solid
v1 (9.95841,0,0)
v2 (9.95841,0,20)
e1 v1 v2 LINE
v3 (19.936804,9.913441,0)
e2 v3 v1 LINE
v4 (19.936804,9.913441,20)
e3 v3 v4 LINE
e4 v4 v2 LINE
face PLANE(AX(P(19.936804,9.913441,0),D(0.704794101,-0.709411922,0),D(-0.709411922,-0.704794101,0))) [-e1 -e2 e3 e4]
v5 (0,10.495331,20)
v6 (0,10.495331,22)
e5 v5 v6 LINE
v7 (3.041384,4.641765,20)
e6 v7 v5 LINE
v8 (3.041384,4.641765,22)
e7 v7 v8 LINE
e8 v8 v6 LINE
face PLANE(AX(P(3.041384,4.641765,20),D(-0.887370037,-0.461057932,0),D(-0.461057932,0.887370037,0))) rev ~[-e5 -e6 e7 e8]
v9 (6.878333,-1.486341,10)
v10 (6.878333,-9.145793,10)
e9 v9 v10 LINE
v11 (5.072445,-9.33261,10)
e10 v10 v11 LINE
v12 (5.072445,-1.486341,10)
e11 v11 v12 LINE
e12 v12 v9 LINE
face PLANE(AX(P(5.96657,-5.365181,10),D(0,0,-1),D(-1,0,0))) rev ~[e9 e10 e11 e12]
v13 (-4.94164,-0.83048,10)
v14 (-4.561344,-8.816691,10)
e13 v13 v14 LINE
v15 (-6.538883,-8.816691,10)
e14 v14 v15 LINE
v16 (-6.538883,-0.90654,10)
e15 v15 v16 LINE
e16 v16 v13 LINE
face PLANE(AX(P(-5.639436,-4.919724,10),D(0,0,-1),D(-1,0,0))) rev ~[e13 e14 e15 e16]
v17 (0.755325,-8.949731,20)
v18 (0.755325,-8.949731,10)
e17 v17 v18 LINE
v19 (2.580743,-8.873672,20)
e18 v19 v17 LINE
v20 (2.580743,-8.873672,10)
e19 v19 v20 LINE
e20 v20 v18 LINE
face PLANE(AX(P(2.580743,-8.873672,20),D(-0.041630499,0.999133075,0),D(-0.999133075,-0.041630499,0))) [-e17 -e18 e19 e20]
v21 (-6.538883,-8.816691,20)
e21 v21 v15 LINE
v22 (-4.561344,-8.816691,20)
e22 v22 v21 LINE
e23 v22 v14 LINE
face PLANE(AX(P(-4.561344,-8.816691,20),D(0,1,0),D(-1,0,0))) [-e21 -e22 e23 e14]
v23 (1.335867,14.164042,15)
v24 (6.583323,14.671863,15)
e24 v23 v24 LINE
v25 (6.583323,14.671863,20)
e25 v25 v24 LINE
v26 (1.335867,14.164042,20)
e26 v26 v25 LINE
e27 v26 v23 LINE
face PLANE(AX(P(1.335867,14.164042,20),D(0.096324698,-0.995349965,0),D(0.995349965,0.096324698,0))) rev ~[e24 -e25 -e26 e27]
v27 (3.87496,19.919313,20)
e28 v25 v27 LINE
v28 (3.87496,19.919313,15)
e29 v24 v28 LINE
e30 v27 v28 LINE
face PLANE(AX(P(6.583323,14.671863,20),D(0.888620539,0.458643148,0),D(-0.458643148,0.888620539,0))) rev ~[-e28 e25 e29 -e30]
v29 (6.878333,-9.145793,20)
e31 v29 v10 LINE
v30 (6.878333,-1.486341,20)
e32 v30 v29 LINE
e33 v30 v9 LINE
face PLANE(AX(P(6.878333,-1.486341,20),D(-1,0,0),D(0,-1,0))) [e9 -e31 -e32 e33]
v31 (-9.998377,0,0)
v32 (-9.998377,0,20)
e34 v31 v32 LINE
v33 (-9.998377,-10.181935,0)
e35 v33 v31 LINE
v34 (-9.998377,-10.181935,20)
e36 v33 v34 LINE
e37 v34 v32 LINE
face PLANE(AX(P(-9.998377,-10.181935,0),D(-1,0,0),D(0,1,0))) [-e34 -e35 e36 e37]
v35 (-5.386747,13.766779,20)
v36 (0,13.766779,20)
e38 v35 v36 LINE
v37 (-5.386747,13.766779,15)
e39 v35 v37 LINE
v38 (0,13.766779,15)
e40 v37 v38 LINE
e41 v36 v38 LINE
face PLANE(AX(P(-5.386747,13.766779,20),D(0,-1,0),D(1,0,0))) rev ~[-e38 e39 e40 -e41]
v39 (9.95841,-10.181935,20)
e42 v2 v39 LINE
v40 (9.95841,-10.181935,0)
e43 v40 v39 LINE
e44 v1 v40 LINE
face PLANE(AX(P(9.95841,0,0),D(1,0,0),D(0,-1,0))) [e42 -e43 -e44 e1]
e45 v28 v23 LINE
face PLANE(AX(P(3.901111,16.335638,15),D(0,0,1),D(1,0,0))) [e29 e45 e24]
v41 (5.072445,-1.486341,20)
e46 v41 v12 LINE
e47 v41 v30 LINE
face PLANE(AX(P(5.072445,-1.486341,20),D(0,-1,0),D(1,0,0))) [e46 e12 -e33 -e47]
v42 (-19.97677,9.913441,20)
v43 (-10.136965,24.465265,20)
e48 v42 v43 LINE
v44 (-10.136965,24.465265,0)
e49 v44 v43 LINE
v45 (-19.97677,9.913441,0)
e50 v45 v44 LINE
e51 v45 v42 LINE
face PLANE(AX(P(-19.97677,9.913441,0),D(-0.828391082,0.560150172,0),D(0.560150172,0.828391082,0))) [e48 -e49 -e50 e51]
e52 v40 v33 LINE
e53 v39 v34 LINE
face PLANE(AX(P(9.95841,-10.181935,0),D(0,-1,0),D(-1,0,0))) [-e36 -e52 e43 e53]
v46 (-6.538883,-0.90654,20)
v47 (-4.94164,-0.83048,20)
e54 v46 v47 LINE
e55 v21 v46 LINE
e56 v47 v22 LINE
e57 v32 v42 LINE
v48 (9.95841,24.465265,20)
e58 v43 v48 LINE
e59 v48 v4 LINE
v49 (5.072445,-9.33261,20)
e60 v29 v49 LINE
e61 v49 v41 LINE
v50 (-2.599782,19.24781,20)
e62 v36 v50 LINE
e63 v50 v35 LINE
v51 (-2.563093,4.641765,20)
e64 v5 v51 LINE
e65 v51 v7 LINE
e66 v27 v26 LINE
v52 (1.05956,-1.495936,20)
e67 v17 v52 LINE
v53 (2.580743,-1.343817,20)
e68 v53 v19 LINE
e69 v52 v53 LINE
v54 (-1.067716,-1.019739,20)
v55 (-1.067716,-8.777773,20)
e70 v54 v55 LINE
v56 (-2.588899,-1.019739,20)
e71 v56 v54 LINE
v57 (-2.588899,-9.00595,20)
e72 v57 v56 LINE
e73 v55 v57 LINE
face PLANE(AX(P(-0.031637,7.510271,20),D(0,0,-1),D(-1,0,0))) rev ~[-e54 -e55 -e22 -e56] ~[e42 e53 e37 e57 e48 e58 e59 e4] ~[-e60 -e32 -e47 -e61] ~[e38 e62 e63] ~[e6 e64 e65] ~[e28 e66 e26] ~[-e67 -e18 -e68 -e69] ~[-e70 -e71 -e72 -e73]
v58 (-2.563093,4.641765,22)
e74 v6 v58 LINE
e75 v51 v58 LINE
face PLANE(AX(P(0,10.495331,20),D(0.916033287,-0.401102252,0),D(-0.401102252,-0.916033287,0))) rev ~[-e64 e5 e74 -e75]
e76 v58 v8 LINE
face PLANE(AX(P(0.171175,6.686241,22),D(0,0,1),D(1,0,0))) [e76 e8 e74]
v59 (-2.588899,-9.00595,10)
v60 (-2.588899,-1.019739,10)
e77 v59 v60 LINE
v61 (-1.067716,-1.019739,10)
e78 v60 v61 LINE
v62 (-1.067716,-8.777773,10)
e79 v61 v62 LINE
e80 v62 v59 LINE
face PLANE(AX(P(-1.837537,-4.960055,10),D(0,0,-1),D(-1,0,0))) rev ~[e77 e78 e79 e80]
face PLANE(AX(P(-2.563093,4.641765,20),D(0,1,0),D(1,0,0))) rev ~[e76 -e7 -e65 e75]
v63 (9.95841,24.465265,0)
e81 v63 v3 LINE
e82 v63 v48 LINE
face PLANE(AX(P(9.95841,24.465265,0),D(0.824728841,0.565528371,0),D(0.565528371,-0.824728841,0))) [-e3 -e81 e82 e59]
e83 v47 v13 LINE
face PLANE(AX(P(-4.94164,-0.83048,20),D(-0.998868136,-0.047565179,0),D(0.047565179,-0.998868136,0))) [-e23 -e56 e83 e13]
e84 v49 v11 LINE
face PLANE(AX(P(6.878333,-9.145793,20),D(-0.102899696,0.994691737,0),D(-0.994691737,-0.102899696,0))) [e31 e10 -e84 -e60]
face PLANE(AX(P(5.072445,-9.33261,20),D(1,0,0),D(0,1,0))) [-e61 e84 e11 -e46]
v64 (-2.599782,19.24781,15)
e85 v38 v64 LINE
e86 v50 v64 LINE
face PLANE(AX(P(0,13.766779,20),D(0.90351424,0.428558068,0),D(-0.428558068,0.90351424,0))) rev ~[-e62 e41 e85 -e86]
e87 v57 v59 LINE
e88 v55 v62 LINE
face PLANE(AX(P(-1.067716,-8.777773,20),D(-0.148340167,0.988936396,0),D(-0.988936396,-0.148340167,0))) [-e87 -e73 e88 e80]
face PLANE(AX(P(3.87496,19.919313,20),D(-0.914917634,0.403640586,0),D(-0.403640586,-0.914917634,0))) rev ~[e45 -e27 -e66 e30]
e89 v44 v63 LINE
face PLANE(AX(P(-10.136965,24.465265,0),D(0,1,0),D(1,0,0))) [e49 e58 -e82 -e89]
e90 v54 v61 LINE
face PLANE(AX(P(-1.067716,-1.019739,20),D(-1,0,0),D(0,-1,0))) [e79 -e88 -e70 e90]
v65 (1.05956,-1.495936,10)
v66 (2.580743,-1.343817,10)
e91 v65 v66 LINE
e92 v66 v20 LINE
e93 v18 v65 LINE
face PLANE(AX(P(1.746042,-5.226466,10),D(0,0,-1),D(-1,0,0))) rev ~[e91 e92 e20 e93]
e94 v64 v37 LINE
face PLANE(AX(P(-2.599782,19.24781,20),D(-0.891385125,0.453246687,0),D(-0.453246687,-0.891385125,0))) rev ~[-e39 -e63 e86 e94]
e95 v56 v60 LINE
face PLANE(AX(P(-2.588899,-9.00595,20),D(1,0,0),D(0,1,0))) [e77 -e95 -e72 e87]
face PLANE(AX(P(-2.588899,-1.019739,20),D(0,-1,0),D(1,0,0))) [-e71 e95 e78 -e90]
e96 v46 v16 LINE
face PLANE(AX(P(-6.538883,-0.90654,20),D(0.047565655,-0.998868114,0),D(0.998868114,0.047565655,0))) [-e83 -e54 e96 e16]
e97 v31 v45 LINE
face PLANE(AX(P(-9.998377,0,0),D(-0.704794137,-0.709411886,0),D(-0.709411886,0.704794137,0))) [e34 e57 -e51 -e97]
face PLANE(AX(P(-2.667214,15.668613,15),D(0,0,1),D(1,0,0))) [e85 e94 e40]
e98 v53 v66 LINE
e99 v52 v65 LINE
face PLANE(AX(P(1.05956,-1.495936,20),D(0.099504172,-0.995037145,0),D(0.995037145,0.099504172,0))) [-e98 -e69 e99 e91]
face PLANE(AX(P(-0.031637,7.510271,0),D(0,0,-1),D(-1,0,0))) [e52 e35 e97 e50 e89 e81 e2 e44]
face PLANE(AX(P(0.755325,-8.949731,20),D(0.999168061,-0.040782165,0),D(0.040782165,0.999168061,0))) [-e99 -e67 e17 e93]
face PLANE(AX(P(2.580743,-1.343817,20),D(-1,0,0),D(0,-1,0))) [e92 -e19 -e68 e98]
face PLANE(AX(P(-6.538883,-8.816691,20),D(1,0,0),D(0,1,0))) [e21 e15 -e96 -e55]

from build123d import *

# Parameters (mm, degrees)
PAD_DEPTH       = 20
POCKET_DEPTH    = 5
POCKET001_DEPTH = 5
POCKET002_DEPTH = 10
POCKET003_DEPTH = 10
POCKET004_DEPTH = 10
POCKET005_DEPTH = 10
PAD001_DEPTH    = 2


with BuildPart() as part:
    # Sketch → Pad (new body)
    with BuildSketch(Plane.XY):
        Polygon((-10.136965, 24.465265), (9.95841, 24.465265), (19.936804, 9.913441), (9.95841, 0), (9.95841, -10.181935), (-9.998377, -10.181935), (-9.998377, 0), (-19.97677, 9.913441), align=None)
    extrude(amount=PAD_DEPTH)

    # Sketch001 (on Face10 of Pad) → Pocket (cut)
    with BuildSketch(Plane.XY.offset(20)):
        Polygon((-5.386747, 13.766779), (0, 13.766779), (-2.599782, 19.24781), align=None)
    extrude(amount=-POCKET_DEPTH, mode=Mode.SUBTRACT)

    # Sketch002 (on Face5 of Pocket) → Pocket001 (cut)
    with BuildSketch(Plane.XY.offset(20)):
        Polygon((1.335867, 14.164042), (6.583323, 14.671863), (3.87496, 19.919313), align=None)
    extrude(amount=-POCKET001_DEPTH, mode=Mode.SUBTRACT)

    # Sketch003 (on Face5 of Pocket001) → Pocket002 (cut)
    with BuildSketch(Plane.XY.offset(20)):
        Polygon((-6.538883, -0.90654), (-4.94164, -0.83048), (-4.561344, -8.816691), (-6.538883, -8.816691), align=None)
    extrude(amount=-POCKET002_DEPTH, mode=Mode.SUBTRACT)

    # Sketch004 (on Face5 of Pocket002) → Pocket003 (cut)
    with BuildSketch(Plane.XY.offset(20)):
        Polygon((-2.588899, -1.019739), (-1.067716, -1.019739), (-1.067716, -8.777773), (-2.588899, -9.00595), align=None)
    extrude(amount=-POCKET003_DEPTH, mode=Mode.SUBTRACT)

    # Sketch005 (on Face5 of Pocket003) → Pocket004 (cut)
    with BuildSketch(Plane.XY.offset(20)):
        Polygon((1.05956, -1.495936), (2.580743, -1.343817), (2.580743, -8.873672), (0.755325, -8.949731), align=None)
    extrude(amount=-POCKET004_DEPTH, mode=Mode.SUBTRACT)

    # Sketch006 (on Face5 of Pocket004) → Pocket005 (cut)
    with BuildSketch(Plane.XY.offset(20)):
        Polygon((5.072445, -1.486341), (6.878333, -1.486341), (6.878333, -9.145793), (5.072445, -9.33261), align=None)
    extrude(amount=-POCKET005_DEPTH, mode=Mode.SUBTRACT)

    # Sketch007 (on Face5 of Pocket005) → Pad001 (join)
    with BuildSketch(Plane.XY.offset(20)):
        Polygon((0, 10.495331), (-2.563093, 4.641765), (3.041384, 4.641765), align=None)
    extrude(amount=PAD001_DEPTH)


solid = part.part
